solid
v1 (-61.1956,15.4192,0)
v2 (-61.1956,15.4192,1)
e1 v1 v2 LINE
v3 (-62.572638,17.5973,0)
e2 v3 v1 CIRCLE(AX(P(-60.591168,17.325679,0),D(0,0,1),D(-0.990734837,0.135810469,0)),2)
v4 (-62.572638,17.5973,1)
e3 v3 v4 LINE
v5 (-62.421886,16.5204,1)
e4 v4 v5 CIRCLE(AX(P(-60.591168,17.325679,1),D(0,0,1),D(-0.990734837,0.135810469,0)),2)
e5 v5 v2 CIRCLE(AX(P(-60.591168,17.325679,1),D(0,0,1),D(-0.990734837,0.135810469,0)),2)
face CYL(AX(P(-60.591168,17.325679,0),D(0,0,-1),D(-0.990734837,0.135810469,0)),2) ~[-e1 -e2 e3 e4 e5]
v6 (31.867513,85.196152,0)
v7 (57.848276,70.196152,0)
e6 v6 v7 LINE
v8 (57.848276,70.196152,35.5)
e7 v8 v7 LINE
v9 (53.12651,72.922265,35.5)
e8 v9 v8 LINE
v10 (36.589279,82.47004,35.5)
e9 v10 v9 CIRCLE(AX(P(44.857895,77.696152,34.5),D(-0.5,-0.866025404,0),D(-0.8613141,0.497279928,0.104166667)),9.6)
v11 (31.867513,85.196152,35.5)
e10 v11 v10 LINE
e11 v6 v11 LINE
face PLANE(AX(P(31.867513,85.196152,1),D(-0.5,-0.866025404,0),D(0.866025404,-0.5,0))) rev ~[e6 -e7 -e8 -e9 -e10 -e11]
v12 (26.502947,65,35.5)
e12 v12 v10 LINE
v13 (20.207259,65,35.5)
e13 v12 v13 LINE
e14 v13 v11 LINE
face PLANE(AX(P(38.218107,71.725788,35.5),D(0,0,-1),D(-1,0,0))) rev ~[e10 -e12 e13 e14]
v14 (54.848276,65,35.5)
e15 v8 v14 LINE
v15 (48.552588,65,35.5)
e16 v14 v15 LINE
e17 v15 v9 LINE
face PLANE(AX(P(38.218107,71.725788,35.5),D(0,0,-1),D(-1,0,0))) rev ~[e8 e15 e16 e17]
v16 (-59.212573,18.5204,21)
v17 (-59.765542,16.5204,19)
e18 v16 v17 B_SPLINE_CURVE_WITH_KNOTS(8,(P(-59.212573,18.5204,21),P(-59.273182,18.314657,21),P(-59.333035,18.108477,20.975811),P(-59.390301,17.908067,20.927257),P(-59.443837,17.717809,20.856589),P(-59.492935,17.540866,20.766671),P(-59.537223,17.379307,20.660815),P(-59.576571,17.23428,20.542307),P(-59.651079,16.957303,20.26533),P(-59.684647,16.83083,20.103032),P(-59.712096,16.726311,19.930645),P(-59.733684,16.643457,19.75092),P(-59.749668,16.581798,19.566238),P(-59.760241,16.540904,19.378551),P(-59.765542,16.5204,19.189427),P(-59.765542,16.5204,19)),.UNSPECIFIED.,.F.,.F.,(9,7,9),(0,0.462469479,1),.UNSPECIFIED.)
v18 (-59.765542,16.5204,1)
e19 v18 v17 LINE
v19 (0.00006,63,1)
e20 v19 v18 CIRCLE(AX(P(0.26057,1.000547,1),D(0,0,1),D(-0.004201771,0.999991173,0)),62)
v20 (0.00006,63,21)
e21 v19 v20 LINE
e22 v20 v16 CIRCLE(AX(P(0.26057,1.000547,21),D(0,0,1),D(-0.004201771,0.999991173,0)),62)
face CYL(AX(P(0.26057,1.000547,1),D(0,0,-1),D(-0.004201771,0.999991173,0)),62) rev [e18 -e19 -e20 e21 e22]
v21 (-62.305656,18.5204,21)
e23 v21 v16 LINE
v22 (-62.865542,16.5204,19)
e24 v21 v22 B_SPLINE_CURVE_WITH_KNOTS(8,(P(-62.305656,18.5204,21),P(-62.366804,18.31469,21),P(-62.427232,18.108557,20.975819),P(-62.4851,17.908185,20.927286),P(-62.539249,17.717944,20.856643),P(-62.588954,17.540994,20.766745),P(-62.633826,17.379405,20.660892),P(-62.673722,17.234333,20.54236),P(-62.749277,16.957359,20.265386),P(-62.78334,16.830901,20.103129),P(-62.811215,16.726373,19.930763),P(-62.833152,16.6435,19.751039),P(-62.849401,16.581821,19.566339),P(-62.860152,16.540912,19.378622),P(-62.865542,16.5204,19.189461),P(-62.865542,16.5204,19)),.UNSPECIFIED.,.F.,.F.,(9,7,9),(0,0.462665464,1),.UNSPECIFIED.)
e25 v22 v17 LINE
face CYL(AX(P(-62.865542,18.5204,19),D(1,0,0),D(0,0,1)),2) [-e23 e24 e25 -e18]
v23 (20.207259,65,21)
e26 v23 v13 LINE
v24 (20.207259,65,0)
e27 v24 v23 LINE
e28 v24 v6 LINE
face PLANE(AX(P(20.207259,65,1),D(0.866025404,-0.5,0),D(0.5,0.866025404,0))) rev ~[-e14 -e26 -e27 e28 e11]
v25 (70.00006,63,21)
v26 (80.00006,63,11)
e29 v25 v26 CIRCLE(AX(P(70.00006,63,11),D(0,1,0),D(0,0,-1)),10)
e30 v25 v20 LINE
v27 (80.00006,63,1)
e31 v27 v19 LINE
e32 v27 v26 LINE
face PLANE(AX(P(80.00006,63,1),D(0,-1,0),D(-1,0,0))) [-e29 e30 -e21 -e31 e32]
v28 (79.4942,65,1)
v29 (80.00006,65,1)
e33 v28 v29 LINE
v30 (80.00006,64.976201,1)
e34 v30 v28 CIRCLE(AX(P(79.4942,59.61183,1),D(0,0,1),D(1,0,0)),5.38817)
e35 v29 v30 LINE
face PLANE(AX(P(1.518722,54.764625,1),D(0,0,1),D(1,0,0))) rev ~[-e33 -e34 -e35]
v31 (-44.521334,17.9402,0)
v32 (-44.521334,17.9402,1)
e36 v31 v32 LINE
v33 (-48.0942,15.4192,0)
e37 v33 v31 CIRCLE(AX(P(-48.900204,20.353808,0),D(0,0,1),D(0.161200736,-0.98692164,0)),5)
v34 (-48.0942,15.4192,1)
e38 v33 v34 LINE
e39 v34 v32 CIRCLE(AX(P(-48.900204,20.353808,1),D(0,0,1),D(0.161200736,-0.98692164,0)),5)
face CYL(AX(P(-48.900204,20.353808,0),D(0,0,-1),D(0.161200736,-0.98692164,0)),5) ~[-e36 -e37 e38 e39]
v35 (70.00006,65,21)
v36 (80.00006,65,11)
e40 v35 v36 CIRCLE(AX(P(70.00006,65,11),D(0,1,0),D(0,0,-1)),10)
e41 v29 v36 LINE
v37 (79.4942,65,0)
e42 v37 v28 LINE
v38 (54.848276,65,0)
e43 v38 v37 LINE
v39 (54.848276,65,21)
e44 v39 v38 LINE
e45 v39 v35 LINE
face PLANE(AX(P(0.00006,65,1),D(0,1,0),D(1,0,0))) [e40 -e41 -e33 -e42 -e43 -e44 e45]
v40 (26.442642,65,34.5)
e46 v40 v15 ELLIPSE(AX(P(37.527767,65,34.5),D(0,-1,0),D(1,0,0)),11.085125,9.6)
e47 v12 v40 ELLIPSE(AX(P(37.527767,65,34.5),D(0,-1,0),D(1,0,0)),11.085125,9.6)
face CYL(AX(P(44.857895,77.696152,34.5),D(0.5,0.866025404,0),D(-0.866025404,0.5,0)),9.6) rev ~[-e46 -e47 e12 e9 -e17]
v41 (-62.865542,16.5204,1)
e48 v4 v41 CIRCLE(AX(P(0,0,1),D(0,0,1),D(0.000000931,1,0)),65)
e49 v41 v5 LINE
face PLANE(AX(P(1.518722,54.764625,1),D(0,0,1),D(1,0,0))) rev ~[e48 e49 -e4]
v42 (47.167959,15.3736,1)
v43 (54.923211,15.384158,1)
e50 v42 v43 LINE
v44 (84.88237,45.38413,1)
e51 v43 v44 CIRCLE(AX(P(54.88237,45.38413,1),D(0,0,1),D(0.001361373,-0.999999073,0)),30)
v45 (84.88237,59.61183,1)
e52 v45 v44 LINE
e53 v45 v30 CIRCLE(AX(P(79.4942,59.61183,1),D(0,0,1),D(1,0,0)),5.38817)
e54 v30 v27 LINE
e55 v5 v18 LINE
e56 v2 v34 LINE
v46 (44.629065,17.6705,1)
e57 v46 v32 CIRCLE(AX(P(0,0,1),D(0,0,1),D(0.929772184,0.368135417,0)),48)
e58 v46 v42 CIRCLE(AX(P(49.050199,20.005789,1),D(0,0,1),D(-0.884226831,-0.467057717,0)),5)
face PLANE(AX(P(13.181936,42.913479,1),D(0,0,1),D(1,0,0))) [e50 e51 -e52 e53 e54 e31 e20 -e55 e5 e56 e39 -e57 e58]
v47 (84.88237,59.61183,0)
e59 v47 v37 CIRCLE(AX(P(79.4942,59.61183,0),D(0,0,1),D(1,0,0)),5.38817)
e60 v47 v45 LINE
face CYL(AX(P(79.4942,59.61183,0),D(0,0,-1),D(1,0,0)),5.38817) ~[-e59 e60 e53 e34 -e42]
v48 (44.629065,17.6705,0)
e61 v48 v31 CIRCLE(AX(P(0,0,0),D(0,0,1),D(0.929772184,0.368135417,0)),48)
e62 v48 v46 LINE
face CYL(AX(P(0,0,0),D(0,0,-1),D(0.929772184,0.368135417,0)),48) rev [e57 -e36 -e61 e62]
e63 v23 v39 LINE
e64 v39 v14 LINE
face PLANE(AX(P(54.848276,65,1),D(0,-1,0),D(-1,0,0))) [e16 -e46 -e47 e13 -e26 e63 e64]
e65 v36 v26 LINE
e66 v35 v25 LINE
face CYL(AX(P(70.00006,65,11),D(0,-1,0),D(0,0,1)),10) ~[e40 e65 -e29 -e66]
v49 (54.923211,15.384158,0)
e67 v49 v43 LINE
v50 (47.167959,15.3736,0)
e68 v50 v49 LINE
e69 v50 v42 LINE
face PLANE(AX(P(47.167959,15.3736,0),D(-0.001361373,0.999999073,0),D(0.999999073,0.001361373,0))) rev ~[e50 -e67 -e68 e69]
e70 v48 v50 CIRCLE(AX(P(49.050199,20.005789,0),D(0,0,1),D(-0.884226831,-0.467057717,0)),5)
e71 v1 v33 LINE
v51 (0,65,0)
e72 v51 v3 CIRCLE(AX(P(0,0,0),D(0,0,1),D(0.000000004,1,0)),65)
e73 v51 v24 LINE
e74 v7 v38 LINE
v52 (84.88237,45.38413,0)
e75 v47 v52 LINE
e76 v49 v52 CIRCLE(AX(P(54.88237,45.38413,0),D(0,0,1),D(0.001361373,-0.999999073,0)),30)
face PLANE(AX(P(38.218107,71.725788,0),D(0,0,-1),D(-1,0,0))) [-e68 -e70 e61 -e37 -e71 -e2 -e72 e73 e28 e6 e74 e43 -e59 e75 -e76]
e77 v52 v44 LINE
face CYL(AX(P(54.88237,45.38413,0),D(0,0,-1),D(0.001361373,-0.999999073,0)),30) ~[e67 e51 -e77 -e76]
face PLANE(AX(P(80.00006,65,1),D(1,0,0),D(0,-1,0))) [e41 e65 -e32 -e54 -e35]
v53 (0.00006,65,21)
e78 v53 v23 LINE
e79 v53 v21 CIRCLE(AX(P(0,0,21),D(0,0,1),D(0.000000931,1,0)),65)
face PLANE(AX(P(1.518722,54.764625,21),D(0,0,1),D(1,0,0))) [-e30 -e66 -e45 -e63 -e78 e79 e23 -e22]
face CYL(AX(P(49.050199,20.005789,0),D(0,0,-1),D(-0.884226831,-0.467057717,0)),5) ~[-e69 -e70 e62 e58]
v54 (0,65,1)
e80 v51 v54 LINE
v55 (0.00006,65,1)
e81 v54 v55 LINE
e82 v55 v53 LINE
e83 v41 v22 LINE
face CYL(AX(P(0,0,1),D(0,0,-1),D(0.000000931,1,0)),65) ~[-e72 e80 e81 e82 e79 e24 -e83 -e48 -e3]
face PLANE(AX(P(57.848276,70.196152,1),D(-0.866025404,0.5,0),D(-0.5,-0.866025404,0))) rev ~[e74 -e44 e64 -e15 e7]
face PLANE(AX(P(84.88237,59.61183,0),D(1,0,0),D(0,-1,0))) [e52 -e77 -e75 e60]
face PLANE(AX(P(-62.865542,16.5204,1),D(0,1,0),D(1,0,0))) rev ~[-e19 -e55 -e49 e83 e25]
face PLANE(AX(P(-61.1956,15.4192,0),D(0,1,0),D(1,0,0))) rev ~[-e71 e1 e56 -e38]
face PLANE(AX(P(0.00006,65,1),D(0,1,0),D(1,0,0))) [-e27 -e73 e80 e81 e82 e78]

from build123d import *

# Parameters (mm, degrees)
PAD_DEPTH         = 1
PAD004_DEPTH      = 20
FILLET_R          = 10
FILLET001_R       = 2
PAD005_DEPTH      = 34.5
PAD005_DEPTH_BACK = 1
SKETCH005_R       = 9.6
POCKET_DEPTH      = 107.835631986


with BuildPart() as part:
    # Sketch → Pad (new body)
    with BuildSketch(Plane.XY):
        with BuildLine():
            ThreePointArc((2.407e-07, 65), (-39.2503215588, 51.8113139915), (-62.5726380514, 17.5973))
            ThreePointArc((-62.5726380514, 17.5973), (-62.2816568518, 16.2569186959), (-61.1956, 15.4192))
            Line((-61.1956, 15.4192), (-48.0942, 15.4192))
            ThreePointArc((-48.0942, 15.4192), (-46.0175682638, 16.2684180018), (-44.5213344809, 17.9402))
            ThreePointArc((44.6290648541, 17.6705), (0.1452101265, 47.9997803539), (-44.5213344809, 17.9402))
            ThreePointArc((44.6290648541, 17.6705), (45.6957884662, 16.2979684833), (47.1679586113, 15.3736))
            Line((47.1679586113, 15.3736), (54.9232114248, 15.3841578001))
            ThreePointArc((54.9232114248, 15.3841578001), (76.1100083043, 24.1853710213), (84.8823702407, 45.38413))
            Line((84.8823702407, 59.61183), (84.8823702407, 45.38413))
            ThreePointArc((84.8823702407, 59.61183), (83.3042117859, 63.4218415452), (79.4942002407, 65))
            Line((2.407e-07, 65), (79.4942002407, 65))
        make_face()
    extrude(amount=PAD_DEPTH)

    # Sketch001 → Pad004 (new body)
    with BuildSketch(Plane.XY.offset(1)):
        with BuildLine():
            ThreePointArc((6.04881e-05, 65), (-39.6936405321, 51.4724674103), (-62.8655421025, 16.5204))
            Line((-62.8655421025, 16.5204), (-59.7655421025, 16.5204))
            ThreePointArc((6.04881e-05, 63), (-37.8013201978, 49.9422727575), (-59.7655421025, 16.5204))
            Line((80.0000604881, 63), (6.04881e-05, 63))
            Line((80.0000604881, 65), (80.0000604881, 63))
            Line((6.04881e-05, 65), (80.0000604881, 65))
        make_face()
    extrude(amount=PAD004_DEPTH)

    # Fillet
    fillet_edges = [part.edges().sort_by_distance(p)[0] for p in [
        (80.00006, 64, 21),
    ]]
    fillet(fillet_edges, radius=FILLET_R)

    # Fillet001
    fillet001_edges = [part.edges().sort_by_distance(p)[0] for p in [
        (-61.315542, 16.5204, 21),
    ]]
    fillet(fillet001_edges, radius=FILLET001_R)

    # Sketch004 → Pad005 (new body, two sides)
    with BuildSketch(Plane.XY.offset(1)) as pad005_sk:
        Polygon((31.8675134595, 85.1961524227), (57.848275573, 70.1961524227), (54.848275573, 65), (20.2072594216, 65), align=None)
    extrude(amount=PAD005_DEPTH)
    extrude(pad005_sk.sketch, amount=-PAD005_DEPTH_BACK)

    # Sketch005 → Pocket (cut, through all)
    with BuildSketch(Plane(origin=(44.8578945162, 77.6961524227, 0), x_dir=(-0.8660254038, 0.5, 0), z_dir=(0.5, 0.8660254038, 0))):
        with Locations((0, 34.5)):
            Circle(SKETCH005_R)
    extrude(amount=-POCKET_DEPTH, mode=Mode.SUBTRACT)


solid = part.part
